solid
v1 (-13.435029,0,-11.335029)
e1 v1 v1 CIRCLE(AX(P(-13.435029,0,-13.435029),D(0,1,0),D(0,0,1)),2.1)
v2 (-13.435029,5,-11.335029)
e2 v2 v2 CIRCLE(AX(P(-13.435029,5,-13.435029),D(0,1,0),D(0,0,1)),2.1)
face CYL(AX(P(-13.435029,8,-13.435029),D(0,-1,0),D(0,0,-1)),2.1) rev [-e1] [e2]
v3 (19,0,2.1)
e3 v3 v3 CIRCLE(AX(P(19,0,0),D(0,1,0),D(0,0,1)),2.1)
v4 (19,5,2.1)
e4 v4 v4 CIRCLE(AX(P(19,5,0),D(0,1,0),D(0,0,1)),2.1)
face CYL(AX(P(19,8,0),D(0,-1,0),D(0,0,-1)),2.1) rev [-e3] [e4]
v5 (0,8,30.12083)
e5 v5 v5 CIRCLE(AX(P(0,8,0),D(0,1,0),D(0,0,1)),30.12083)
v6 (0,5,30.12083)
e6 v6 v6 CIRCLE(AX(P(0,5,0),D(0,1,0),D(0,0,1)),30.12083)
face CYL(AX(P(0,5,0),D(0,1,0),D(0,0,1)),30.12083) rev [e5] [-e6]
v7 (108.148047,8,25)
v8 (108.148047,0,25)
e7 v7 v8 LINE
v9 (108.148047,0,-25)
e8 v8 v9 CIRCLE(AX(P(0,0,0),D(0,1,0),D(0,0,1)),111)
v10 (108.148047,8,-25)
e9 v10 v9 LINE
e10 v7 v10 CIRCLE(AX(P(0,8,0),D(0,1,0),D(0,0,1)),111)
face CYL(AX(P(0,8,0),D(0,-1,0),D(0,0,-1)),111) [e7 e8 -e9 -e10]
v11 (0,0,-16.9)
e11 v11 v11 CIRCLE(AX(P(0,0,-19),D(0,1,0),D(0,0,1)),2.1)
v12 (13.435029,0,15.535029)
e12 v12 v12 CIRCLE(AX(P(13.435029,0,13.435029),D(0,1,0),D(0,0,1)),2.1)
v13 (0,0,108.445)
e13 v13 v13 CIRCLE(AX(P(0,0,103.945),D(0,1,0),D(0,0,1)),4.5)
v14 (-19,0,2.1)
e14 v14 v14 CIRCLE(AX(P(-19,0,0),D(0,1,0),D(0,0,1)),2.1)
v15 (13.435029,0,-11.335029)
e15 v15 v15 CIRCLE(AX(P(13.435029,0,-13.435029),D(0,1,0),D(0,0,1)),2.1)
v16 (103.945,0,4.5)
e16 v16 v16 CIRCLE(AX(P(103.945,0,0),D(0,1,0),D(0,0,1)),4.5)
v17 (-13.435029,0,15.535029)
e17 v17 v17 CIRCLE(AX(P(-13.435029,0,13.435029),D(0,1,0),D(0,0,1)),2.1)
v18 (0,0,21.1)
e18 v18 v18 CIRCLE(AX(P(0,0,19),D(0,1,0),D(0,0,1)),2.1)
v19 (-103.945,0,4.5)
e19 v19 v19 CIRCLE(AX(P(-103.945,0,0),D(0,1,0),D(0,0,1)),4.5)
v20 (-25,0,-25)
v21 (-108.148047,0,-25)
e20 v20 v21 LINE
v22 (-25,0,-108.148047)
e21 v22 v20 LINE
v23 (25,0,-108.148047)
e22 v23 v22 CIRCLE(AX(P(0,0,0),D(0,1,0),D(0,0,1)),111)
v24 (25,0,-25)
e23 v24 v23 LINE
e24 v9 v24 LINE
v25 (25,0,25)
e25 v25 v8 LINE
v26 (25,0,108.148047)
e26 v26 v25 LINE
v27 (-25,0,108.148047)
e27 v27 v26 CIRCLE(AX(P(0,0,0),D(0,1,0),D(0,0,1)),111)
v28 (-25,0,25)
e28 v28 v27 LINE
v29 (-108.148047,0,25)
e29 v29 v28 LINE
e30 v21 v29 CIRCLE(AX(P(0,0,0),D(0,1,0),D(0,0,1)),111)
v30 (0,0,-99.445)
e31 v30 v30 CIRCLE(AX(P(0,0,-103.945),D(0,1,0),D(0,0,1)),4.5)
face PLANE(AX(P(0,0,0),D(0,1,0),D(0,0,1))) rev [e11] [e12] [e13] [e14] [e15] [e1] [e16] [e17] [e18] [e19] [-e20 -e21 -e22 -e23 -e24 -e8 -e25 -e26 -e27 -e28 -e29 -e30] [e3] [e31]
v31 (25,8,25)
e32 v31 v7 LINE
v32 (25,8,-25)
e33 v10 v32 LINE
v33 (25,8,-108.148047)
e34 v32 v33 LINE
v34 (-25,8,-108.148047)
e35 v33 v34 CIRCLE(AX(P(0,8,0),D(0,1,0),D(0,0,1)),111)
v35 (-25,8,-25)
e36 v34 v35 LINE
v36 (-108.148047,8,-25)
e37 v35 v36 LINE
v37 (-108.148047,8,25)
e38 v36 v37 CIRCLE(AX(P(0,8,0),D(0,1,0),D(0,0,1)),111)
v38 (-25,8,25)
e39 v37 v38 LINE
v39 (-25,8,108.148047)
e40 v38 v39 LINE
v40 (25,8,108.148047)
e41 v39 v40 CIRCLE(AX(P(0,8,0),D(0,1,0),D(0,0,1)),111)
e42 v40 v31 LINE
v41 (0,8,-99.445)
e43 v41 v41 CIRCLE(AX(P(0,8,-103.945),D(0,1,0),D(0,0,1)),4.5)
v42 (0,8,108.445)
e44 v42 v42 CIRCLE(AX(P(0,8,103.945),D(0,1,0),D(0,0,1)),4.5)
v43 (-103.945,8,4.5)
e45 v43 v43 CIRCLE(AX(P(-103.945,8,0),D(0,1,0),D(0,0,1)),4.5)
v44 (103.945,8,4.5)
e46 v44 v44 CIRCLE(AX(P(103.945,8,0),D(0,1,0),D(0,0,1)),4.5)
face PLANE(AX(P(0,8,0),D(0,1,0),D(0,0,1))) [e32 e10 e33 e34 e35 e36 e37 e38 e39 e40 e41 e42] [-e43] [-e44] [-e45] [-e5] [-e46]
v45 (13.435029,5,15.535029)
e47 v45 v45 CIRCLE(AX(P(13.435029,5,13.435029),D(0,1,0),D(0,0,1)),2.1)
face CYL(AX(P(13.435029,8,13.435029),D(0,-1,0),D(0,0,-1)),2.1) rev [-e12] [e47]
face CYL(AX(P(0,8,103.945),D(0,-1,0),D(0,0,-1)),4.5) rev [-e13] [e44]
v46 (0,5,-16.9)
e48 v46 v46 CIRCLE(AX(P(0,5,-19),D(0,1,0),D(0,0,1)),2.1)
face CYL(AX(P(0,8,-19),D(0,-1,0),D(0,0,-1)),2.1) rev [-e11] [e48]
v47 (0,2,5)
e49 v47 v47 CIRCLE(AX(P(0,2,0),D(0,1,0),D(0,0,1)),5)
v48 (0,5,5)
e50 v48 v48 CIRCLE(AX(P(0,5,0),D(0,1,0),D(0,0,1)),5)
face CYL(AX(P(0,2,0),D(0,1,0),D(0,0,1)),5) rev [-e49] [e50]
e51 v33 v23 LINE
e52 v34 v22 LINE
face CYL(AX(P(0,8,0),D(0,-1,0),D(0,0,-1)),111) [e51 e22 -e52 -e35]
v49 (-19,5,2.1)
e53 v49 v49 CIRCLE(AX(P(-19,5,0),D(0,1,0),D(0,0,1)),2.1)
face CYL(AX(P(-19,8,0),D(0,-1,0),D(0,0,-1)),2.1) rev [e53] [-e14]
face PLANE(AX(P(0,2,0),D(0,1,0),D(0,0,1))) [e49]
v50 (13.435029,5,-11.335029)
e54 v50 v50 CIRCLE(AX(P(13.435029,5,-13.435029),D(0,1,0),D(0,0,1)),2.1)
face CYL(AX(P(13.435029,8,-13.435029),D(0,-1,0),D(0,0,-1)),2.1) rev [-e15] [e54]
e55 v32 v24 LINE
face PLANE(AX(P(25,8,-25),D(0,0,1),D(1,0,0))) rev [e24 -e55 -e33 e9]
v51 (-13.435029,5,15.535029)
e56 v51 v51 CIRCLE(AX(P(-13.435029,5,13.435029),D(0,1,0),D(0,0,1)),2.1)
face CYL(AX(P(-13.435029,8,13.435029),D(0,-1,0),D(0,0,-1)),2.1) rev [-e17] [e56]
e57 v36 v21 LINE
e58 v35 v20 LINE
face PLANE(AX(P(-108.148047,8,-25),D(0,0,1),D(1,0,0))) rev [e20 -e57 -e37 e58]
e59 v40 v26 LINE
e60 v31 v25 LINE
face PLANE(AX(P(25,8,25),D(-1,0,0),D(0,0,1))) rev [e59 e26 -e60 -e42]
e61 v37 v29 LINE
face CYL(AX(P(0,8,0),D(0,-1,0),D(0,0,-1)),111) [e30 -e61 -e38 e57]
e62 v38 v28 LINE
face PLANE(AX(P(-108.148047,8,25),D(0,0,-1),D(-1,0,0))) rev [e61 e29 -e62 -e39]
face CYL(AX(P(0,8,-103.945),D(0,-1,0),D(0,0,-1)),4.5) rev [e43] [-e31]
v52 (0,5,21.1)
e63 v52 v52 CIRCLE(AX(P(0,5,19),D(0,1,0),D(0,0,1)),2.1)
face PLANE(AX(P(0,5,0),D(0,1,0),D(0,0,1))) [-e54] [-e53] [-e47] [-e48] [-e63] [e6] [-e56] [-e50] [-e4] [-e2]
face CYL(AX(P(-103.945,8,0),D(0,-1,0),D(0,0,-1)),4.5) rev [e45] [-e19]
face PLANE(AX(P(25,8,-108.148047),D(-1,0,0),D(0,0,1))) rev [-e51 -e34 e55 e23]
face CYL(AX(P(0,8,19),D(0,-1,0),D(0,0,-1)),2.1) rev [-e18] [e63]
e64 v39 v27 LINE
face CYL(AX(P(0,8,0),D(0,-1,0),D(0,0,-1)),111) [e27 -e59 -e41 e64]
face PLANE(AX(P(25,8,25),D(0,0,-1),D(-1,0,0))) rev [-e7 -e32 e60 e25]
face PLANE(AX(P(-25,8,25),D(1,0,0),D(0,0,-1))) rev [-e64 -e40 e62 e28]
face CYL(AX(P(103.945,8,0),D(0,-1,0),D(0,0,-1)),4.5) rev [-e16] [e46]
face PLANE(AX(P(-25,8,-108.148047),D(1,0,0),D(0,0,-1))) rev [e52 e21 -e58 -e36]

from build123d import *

# Parameters (mm, degrees)
SKETCH_1_R          = 2.1
SKETCH_1_R_2        = 4.5
EXTRUDE_1_DEPTH     = 8
SKETCH_2_R          = 30.120830341
CUT_EXTRUDE_1_DEPTH = 3
SKETCH_3_R          = 5
CUT_EXTRUDE_2_DEPTH = 3


with BuildPart() as part:
    # 草图1 → 凸台-拉伸1 (new body)
    with BuildSketch(Plane(origin=(0, 0, 0), x_dir=(1, 0, 0), z_dir=(0, 1, 0))):
        with BuildLine():
            Line((-25, 108.148046677), (-25, 25))
            Line((-25, 25), (-108.148046677, 25))
            ThreePointArc((-108.148046677, 25), (-111, 0), (-108.148046677, -25))
            Line((-108.148046677, -25), (-25, -25))
            Line((-25, -25), (-25, -108.148046677))
            ThreePointArc((-25, -108.148046677), (0, -111), (25, -108.148046677))
            Line((25, -108.148046677), (25, -25))
            Line((25, -25), (108.148046677, -25))
            ThreePointArc((108.148046677, -25), (111, 0), (108.148046677, 25))
            Line((108.148046677, 25), (25, 25))
            Line((25, 25), (25, 108.148046677))
            ThreePointArc((25, 108.148046677), (0, 111), (-25, 108.148046677))
        make_face()
        with Locations(Location((0, 19, 0), (0, 0, 270))):
            Circle(SKETCH_1_R, mode=Mode.SUBTRACT)
        with Locations(Location((13.435028843, 13.435028843, 0), (0, 0, 270))):
            Circle(SKETCH_1_R, mode=Mode.SUBTRACT)
        with Locations(Location((19, 0, 0), (0, 0, 270))):
            Circle(SKETCH_1_R, mode=Mode.SUBTRACT)
        with Locations(Location((13.435028843, -13.435028843, 0), (0, 0, 270))):
            Circle(SKETCH_1_R, mode=Mode.SUBTRACT)
        with Locations(Location((0, -19, 0), (0, 0, 270))):
            Circle(SKETCH_1_R, mode=Mode.SUBTRACT)
        with Locations(Location((-13.435028843, -13.435028843, 0), (0, 0, 270))):
            Circle(SKETCH_1_R, mode=Mode.SUBTRACT)
        with Locations(Location((-19, 0, 0), (0, 0, 270))):
            Circle(SKETCH_1_R, mode=Mode.SUBTRACT)
        with Locations(Location((-13.435028843, 13.435028843, 0), (0, 0, 270))):
            Circle(SKETCH_1_R, mode=Mode.SUBTRACT)
        with Locations(Location((0, 103.945, 0), (0, 0, 270))):
            Circle(SKETCH_1_R_2, mode=Mode.SUBTRACT)
        with Locations(Location((103.945, 0, 0), (0, 0, 270))):
            Circle(SKETCH_1_R_2, mode=Mode.SUBTRACT)
        with Locations(Location((0, -103.945, 0), (0, 0, 270))):
            Circle(SKETCH_1_R_2, mode=Mode.SUBTRACT)
        with Locations(Location((-103.945, 0, 0), (0, 0, 270))):
            Circle(SKETCH_1_R_2, mode=Mode.SUBTRACT)
    extrude(amount=EXTRUDE_1_DEPTH)

    # 草图2 → 切除-拉伸1 (cut)
    with BuildSketch(Plane(origin=(0, 8, 0), x_dir=(1, 0, 0), z_dir=(0, 1, 0))):
        with Locations(Location((0, 0, 0), (0, 0, 270))):
            Circle(SKETCH_2_R)
    extrude(amount=-CUT_EXTRUDE_1_DEPTH, mode=Mode.SUBTRACT)

    # 草图3 → 切除-拉伸2 (cut)
    with BuildSketch(Plane(origin=(0, 5, 0), x_dir=(1, 0, 0), z_dir=(0, 1, 0))):
        with Locations(Location((0, 0, 0), (0, 0, 270))):
            Circle(SKETCH_3_R)
    extrude(amount=-CUT_EXTRUDE_2_DEPTH, mode=Mode.SUBTRACT)


solid = part.part
